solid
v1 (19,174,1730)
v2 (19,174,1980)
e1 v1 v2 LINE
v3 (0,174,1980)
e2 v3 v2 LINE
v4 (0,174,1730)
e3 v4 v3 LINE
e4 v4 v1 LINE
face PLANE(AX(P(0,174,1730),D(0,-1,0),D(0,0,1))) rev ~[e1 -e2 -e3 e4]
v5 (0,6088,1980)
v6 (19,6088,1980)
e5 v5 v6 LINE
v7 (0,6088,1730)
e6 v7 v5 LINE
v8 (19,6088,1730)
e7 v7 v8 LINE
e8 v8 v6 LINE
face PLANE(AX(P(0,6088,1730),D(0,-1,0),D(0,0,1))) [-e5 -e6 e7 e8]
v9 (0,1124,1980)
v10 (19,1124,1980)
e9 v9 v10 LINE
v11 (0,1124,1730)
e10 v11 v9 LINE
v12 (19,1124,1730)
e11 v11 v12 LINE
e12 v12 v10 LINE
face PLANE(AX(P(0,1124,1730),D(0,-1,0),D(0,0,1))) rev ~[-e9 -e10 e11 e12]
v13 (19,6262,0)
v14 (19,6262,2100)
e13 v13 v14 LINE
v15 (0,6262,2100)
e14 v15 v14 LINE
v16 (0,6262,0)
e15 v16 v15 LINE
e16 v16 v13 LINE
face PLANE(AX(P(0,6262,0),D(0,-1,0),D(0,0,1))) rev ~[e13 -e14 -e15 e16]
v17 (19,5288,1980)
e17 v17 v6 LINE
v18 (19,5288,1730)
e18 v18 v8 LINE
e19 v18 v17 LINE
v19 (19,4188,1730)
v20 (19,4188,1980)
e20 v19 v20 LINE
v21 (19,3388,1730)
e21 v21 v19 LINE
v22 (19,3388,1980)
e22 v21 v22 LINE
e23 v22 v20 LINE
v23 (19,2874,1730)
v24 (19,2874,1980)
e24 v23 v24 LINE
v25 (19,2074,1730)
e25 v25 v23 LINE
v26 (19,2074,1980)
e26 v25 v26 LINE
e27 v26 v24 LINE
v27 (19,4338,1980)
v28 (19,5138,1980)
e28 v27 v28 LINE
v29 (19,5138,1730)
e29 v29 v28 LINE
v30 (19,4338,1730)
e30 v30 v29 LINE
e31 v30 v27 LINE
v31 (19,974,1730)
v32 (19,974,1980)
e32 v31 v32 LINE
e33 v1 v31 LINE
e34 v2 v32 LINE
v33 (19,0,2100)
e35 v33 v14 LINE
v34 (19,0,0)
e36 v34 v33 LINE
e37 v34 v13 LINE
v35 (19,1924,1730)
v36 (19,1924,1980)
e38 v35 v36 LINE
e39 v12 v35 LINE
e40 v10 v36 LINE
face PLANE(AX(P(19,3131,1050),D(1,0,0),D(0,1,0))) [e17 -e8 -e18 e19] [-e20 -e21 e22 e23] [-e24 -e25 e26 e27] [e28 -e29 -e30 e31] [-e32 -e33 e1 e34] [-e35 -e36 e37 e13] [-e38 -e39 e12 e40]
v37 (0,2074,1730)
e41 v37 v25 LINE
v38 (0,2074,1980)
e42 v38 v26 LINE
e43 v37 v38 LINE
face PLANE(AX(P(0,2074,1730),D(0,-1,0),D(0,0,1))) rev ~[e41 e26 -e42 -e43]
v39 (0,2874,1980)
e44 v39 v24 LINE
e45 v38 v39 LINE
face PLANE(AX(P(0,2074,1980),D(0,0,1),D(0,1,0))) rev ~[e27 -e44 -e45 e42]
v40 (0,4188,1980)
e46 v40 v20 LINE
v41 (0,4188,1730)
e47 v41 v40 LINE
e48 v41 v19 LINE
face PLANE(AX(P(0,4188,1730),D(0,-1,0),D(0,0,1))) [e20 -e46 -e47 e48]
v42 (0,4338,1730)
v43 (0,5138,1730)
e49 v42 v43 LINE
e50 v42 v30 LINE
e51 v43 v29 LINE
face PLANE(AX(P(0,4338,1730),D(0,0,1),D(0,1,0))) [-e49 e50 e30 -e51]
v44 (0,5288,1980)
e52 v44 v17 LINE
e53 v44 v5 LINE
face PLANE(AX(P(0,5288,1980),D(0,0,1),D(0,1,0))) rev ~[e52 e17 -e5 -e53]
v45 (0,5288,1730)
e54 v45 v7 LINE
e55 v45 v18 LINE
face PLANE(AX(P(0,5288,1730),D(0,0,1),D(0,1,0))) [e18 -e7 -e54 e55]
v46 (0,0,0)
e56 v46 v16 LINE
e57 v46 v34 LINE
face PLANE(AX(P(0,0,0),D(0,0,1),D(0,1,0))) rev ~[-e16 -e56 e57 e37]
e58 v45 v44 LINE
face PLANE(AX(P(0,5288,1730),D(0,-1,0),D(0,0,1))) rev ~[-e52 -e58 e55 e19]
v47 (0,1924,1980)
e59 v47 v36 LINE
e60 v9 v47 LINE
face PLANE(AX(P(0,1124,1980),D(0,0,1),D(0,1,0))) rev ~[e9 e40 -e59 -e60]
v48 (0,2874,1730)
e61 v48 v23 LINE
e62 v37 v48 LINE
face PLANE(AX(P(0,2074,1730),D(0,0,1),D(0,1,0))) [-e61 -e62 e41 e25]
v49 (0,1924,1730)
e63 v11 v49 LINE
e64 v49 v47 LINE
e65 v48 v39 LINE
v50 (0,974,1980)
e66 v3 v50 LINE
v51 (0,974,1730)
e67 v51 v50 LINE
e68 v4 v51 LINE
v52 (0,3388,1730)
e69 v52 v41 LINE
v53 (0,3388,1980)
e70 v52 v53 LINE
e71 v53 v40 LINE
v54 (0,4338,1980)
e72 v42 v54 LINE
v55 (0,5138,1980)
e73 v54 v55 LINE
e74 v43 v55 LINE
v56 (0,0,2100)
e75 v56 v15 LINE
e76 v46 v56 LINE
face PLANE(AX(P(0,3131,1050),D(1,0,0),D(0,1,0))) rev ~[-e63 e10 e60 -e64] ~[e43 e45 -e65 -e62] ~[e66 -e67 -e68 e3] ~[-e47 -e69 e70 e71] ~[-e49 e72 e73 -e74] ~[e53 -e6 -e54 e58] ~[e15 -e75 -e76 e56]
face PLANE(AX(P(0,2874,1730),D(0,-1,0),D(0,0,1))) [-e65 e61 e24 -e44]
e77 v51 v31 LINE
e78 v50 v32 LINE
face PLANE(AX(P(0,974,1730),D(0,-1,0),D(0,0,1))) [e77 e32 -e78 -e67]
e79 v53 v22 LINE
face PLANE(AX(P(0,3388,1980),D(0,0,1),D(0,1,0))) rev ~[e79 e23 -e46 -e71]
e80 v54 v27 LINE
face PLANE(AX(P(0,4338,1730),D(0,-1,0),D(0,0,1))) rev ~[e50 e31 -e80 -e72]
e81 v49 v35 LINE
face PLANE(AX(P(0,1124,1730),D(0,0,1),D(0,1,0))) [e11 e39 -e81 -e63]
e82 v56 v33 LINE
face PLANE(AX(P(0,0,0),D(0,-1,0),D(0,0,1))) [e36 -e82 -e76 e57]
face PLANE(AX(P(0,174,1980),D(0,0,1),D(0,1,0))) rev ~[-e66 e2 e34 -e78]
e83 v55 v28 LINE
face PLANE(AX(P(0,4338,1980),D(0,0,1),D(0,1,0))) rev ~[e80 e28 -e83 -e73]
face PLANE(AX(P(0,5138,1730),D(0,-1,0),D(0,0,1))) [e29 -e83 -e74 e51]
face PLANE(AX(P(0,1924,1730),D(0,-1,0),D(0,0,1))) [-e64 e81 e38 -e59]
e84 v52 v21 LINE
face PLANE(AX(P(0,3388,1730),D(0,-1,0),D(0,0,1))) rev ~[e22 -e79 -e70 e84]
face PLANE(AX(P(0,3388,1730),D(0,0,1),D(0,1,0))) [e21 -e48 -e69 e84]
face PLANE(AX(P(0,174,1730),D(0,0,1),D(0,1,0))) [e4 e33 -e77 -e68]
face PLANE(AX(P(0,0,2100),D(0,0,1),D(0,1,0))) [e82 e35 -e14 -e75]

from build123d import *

# Parameters (mm, degrees)
F0_W     = 6262
F0_H     = 2100
F0_W_2   = 800
F0_H_2   = 250
F1_DEPTH = 19


with BuildPart() as f1:
    # F0 (on Right) → F1 (new body)
    with BuildSketch(Plane.YZ):
        with Locations((3131, 1050)):
            Rectangle(F0_W, F0_H)
        with Locations((574, 1855)):
            Rectangle(F0_W_2, F0_H_2, mode=Mode.SUBTRACT)
        with Locations((1524, 1855)):
            Rectangle(F0_W_2, F0_H_2, mode=Mode.SUBTRACT)
        with Locations((2474, 1855)):
            Rectangle(F0_W_2, F0_H_2, mode=Mode.SUBTRACT)
        with Locations((3788, 1855)):
            Rectangle(F0_W_2, F0_H_2, mode=Mode.SUBTRACT)
        with Locations((4738, 1855)):
            Rectangle(F0_W_2, F0_H_2, mode=Mode.SUBTRACT)
        with Locations((5688, 1855)):
            Rectangle(F0_W_2, F0_H_2, mode=Mode.SUBTRACT)
    extrude(amount=F1_DEPTH)


solid = f1.part
